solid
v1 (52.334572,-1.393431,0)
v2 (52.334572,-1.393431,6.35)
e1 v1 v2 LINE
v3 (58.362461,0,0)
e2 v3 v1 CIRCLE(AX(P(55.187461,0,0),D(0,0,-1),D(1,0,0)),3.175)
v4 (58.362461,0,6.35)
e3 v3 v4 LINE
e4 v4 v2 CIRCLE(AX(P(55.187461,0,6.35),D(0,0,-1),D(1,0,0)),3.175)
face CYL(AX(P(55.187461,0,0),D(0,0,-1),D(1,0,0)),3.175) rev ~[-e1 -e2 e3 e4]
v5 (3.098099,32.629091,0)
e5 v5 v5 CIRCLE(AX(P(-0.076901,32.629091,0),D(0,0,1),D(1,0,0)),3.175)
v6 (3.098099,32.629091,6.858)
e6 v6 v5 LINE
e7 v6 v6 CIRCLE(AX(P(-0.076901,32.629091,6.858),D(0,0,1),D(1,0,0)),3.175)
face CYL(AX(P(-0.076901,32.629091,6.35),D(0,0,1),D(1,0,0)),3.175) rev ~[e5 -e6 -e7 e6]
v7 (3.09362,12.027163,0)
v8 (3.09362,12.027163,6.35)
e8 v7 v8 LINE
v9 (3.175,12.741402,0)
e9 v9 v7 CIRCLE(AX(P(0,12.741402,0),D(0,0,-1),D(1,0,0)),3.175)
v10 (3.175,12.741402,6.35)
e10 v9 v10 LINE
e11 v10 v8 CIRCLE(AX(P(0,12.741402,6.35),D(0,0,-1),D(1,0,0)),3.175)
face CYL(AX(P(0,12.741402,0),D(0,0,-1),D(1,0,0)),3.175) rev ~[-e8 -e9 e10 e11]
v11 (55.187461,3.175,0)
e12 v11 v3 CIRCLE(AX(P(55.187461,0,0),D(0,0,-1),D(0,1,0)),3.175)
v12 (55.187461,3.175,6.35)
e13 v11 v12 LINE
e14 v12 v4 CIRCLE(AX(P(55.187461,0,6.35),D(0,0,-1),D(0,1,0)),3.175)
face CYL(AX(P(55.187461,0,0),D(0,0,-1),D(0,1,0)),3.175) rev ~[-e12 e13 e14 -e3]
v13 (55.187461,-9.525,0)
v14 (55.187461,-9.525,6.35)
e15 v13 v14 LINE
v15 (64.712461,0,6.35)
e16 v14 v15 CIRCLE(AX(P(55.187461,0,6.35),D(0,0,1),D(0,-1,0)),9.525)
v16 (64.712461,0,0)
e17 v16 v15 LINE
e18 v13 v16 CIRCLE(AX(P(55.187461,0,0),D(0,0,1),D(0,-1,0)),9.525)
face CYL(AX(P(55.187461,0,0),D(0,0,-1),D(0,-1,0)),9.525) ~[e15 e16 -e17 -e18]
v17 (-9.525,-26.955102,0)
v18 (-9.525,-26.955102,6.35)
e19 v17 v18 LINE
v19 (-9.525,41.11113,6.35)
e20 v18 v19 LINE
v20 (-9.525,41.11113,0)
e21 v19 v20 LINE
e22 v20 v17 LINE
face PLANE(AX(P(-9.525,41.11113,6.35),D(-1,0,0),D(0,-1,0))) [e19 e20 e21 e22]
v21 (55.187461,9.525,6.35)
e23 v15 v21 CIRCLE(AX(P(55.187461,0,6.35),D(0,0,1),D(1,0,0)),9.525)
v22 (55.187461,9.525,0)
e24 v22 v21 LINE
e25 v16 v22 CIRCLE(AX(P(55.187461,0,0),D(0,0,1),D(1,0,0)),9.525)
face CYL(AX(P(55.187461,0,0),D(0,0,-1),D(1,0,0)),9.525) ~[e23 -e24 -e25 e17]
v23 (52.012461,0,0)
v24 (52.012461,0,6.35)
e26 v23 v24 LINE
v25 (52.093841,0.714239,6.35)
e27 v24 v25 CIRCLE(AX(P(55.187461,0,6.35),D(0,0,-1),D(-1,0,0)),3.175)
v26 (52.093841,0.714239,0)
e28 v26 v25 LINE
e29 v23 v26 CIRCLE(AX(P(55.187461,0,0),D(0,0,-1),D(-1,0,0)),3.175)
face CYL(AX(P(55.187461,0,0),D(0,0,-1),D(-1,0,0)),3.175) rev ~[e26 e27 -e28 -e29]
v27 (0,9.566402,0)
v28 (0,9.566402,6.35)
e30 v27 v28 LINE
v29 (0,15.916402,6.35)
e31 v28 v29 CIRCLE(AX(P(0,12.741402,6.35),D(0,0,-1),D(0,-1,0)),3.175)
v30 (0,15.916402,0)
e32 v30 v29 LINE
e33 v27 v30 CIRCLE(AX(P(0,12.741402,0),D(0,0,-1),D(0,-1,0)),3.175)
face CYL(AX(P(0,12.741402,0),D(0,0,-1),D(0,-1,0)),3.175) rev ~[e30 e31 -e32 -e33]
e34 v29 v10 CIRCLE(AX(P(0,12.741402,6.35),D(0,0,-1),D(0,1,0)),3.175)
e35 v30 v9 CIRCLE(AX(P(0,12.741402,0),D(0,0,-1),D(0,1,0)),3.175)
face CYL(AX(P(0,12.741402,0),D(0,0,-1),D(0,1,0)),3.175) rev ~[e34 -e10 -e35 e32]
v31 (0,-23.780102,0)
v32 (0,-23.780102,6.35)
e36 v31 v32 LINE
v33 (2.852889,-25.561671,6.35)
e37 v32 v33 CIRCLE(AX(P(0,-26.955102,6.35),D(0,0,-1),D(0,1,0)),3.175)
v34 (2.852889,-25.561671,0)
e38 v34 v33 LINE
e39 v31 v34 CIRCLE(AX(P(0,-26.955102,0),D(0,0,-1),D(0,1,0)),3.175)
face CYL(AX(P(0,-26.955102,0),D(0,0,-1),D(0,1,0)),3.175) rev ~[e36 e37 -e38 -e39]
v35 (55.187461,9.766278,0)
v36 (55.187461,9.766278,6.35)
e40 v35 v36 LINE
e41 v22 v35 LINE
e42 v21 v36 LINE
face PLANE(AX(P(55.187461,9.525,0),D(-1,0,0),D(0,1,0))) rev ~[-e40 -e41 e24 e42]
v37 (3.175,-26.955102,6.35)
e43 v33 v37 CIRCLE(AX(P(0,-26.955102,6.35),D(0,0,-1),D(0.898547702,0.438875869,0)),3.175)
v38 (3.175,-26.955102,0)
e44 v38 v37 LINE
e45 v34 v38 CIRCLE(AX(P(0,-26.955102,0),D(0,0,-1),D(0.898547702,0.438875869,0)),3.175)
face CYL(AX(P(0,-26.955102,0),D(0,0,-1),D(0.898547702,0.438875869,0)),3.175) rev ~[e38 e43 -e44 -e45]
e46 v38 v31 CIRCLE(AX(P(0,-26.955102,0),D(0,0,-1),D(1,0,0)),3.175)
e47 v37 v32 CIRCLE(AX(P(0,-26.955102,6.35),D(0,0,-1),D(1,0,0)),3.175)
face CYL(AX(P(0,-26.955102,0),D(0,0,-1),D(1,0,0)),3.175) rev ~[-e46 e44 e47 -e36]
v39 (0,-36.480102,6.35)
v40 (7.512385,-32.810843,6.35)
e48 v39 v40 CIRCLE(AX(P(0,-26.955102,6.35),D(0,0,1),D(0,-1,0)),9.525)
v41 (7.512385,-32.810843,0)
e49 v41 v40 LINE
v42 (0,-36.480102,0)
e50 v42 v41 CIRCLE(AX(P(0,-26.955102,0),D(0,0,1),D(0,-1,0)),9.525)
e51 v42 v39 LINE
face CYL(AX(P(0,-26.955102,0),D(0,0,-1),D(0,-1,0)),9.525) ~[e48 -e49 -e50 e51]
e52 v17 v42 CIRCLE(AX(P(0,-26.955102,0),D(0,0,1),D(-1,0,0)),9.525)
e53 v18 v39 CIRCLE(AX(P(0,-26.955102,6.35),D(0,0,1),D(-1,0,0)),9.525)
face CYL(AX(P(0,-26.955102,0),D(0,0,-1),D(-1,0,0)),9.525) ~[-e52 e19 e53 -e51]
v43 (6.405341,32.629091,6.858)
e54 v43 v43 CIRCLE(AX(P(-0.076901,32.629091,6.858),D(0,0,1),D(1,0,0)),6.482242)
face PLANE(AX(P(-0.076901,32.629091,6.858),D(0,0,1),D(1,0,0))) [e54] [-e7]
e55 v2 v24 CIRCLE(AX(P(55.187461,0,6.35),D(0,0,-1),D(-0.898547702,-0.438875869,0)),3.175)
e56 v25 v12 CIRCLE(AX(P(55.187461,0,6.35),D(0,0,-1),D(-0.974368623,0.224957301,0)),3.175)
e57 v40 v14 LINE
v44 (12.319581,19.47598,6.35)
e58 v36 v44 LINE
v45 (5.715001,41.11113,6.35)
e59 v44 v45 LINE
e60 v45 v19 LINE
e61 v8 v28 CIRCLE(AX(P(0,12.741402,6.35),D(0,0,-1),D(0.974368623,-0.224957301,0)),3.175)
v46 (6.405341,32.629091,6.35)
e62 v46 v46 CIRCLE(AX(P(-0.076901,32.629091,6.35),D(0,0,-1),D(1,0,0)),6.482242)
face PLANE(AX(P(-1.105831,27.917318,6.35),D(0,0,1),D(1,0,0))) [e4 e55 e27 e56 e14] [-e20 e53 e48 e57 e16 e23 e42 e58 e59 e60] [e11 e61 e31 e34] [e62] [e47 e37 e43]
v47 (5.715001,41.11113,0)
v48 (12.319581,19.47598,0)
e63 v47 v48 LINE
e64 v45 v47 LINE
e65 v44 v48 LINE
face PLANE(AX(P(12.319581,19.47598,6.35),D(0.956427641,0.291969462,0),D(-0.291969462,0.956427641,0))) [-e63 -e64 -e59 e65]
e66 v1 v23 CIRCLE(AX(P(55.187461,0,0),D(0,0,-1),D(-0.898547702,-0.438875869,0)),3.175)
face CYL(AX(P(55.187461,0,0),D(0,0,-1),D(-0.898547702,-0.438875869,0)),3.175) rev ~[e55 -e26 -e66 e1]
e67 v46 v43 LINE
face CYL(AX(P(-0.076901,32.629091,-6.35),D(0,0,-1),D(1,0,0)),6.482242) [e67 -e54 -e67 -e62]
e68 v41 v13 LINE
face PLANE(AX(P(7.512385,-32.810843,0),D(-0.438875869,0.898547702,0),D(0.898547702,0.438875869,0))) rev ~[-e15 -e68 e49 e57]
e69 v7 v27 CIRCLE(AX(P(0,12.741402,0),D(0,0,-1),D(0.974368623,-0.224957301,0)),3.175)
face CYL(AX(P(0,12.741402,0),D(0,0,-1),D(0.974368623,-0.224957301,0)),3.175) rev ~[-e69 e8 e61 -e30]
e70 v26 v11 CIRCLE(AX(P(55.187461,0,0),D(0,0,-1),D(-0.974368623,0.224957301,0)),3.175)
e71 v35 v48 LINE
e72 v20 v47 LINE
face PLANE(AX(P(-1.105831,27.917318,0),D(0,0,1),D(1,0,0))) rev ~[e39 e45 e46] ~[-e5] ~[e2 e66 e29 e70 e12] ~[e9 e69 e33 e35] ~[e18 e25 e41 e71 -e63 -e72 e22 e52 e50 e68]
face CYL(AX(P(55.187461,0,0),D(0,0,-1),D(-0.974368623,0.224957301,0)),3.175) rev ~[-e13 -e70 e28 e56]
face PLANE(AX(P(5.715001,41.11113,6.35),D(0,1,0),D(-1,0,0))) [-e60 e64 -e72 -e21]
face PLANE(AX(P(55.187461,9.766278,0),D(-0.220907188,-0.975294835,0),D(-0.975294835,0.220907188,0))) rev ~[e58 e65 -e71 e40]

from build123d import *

# Parameters (mm, degrees)
F1_DEPTH = 6.35
F2_R     = 3.175
F3_DEPTH = 12.7
F4_R     = 6.4822420389
F5_DEPTH = 6.35
F6_DEPTH = 19.558
F7_DEPTH = 6.35
F8_R     = 6.4822420389
F8_R_2   = 3.175
F9_DEPTH = 6.35


with BuildPart() as f1:
    # F0 (on Top) → F1 (new body)
    with BuildSketch(Plane.XY):
        with BuildLine():
            Line((0, -17.430102046), (0, 0))
            Line((0, 0), (0, 3.216402))
            ThreePointArc((0, 3.216402), (-6.7351920908, 6.0062099092), (-9.525, 12.741402))
            Line((-9.525, 12.741402), (-9.525, -26.955102046))
            ThreePointArc((-9.525, -26.955102046), (-6.7351920908, -20.2199099552), (0, -17.430102046))
        make_face()
        with BuildLine():
            ThreePointArc((-9.525, 12.741402), (-6.7351920908, 6.0062099092), (0, 3.216402))
            Line((0, 3.216402), (0, 9.566402))
            ThreePointArc((0, 9.566402), (-3.175, 12.741402), (0, 15.916402))
            Line((0, 15.916402), (0, 22.266402))
            ThreePointArc((0, 22.266402), (-6.7351920908, 19.4765940908), (-9.525, 12.741402))
        make_face()
        with BuildLine():
            Line((0, -23.780102046), (0, -17.430102046))
            ThreePointArc((0, -17.430102046), (-6.7351920908, -20.2199099552), (-9.525, -26.955102046))
            ThreePointArc((-9.525, -26.955102046), (-6.7351920908, -33.6902941368), (0, -36.480102046))
            Line((0, -36.480102046), (7.5123847033, -32.8108429103))
            ThreePointArc((7.5123847033, -32.8108429103), (9.007804652, -30.0510801387), (9.525, -26.955102046))
            ThreePointArc((9.525, -26.955102046), (9.2802728088, -24.809837122), (8.5586668568, -22.7748093967))
            Line((8.5586668568, -22.7748093967), (2.8528889523, -25.5616711629))
            ThreePointArc((2.8528889523, -25.5616711629), (3.0934242696, -26.240013738), (3.175, -26.955102046))
            ThreePointArc((3.175, -26.955102046), (-2.2450640303, -29.2001660763), (0, -23.780102046))
        make_face()
        with BuildLine():
            ThreePointArc((9.525, 12.741402), (9.463768469, 11.6631110537), (9.2808611307, 10.5986837096))
            Line((9.2808611307, 10.5986837096), (45.9066000969, 2.1427182904))
            ThreePointArc((45.9066000969, 2.1427182904), (49.2580332078, 7.4543617002), (55.1874612276, 9.525))
            Line((55.1874612276, 9.525), (55.1874612276, 9.7662775009))
            Line((55.1874612276, 9.7662775009), (4.1043156247, 21.3367622748))
            ThreePointArc((4.1043156247, 21.3367622748), (8.0566503997, 17.8223477129), (9.525, 12.741402))
        make_face()
        with BuildLine():
            Line((3.0936203769, 12.0271625699), (9.2808611307, 10.5986837096))
            ThreePointArc((9.2808611307, 10.5986837096), (9.463768469, 11.6631110537), (9.525, 12.741402))
            ThreePointArc((9.525, 12.741402), (8.0566503997, 17.8223477129), (4.1043156247, 21.3367622748))
            Line((4.1043156247, 21.3367622748), (0, 22.266402))
            Line((0, 22.266402), (0, 15.916402))
            ThreePointArc((0, 15.916402), (2.2450640303, 14.9864660303), (3.175, 12.741402))
            ThreePointArc((3.175, 12.741402), (3.1545894897, 12.3819716846), (3.0936203769, 12.0271625699))
        make_face()
        with BuildLine():
            ThreePointArc((55.1874612276, 9.525), (49.2580332078, 7.4543617002), (45.9066000969, 2.1427182904))
            Line((45.9066000969, 2.1427182904), (52.0938408507, 0.7142394301))
            ThreePointArc((52.0938408507, 0.7142394301), (53.210985221, 2.4847872334), (55.1874612276, 3.175))
            Line((55.1874612276, 3.175), (55.1874612276, 9.525))
        make_face()
        with BuildLine():
            ThreePointArc((55.1874612276, -9.525), (50.1422487685, -8.0790752096), (46.6287943708, -4.1802926493))
            Line((46.6287943708, -4.1802926493), (8.5586668568, -22.7748093967))
            ThreePointArc((8.5586668568, -22.7748093967), (9.2802728088, -24.809837122), (9.525, -26.955102046))
            ThreePointArc((9.525, -26.955102046), (9.007804652, -30.0510801387), (7.5123847033, -32.8108429103))
            Line((7.5123847033, -32.8108429103), (55.1874612276, -9.525))
        make_face()
        with BuildLine():
            Line((52.3345722753, -1.3934308831), (46.6287943708, -4.1802926493))
            ThreePointArc((46.6287943708, -4.1802926493), (50.1422487685, -8.0790752096), (55.1874612276, -9.525))
            ThreePointArc((55.1874612276, -9.525), (61.9226533184, -6.7351920908), (64.7124612276, 0))
            ThreePointArc((64.7124612276, 0), (61.9226533184, 6.7351920908), (55.1874612276, 9.525))
            Line((55.1874612276, 9.525), (55.1874612276, 3.175))
            ThreePointArc((55.1874612276, 3.175), (57.4325252579, 2.2450640303), (58.3624612276, 0))
            ThreePointArc((58.3624612276, 0), (55.9025495356, -3.0934242696), (52.3345722753, -1.3934308831))
        make_face()
        with BuildLine():
            ThreePointArc((4.1043156247, 21.3367622748), (2.1041409628, 22.0310852997), (0, 22.266402))
            Line((0, 22.266402), (4.1043156247, 21.3367622748))
        make_face()
        with BuildLine():
            Line((7.5123847033, -32.8108429103), (0, -36.480102046))
            ThreePointArc((0, -36.480102046), (4.1802926493, -35.5137689028), (7.5123847033, -32.8108429103))
        make_face()
        with BuildLine():
            Line((0, 3.216402), (0, 0))
            Line((0, 0), (45.6624612276, 0))
            ThreePointArc((45.6624612276, 0), (45.7236927586, 1.0782909463), (45.9066000969, 2.1427182904))
            Line((45.9066000969, 2.1427182904), (9.2808611307, 10.5986837096))
            ThreePointArc((9.2808611307, 10.5986837096), (5.9294280198, 5.2870402998), (0, 3.216402))
        make_face()
        with BuildLine():
            Line((0, 9.566402), (0, 3.216402))
            ThreePointArc((0, 3.216402), (5.9294280198, 5.2870402998), (9.2808611307, 10.5986837096))
            Line((9.2808611307, 10.5986837096), (3.0936203769, 12.0271625699))
            ThreePointArc((3.0936203769, 12.0271625699), (1.9764760066, 10.2566147666), (0, 9.566402))
        make_face()
        with BuildLine():
            Line((45.6624612276, 0), (0, 0))
            Line((0, 0), (0, -17.430102046))
            ThreePointArc((0, -17.430102046), (5.0452124591, -18.8760268364), (8.5586668568, -22.7748093967))
            Line((8.5586668568, -22.7748093967), (46.6287943708, -4.1802926493))
            ThreePointArc((46.6287943708, -4.1802926493), (45.9071884188, -2.145264924), (45.6624612276, 0))
        make_face()
        with BuildLine():
            ThreePointArc((8.5586668568, -22.7748093967), (5.0452124591, -18.8760268364), (0, -17.430102046))
            Line((0, -17.430102046), (0, -23.780102046))
            ThreePointArc((0, -23.780102046), (1.6817374864, -24.2620769761), (2.8528889523, -25.5616711629))
            Line((2.8528889523, -25.5616711629), (8.5586668568, -22.7748093967))
        make_face()
        with BuildLine():
            Line((52.0124612276, 0), (45.6624612276, 0))
            ThreePointArc((45.6624612276, 0), (45.9071884188, -2.145264924), (46.6287943708, -4.1802926493))
            Line((46.6287943708, -4.1802926493), (52.3345722753, -1.3934308831))
            ThreePointArc((52.3345722753, -1.3934308831), (52.094036958, -0.715088308), (52.0124612276, 0))
        make_face()
        with BuildLine():
            ThreePointArc((45.9066000969, 2.1427182904), (45.7236927586, 1.0782909463), (45.6624612276, 0))
            Line((45.6624612276, 0), (52.0124612276, 0))
            ThreePointArc((52.0124612276, 0), (52.0328717379, 0.3594303154), (52.0938408507, 0.7142394301))
            Line((52.0938408507, 0.7142394301), (45.9066000969, 2.1427182904))
        make_face()
    extrude(amount=F1_DEPTH)

    # F2 (on face) → F3 (join)
    with BuildSketch(Plane.XY.offset(6.35)):
        with BuildLine():
            Line((-9.525, 41.1111302674), (-9.525, 12.741402))
            ThreePointArc((-9.525, 12.741402), (-5.0809457129, 20.7980523997), (4.1043156247, 21.3367622748))
            Line((4.1043156247, 21.3367622748), (12.3195811982, 19.4759801301))
            Line((12.3195811982, 19.4759801301), (5.7150009088, 41.1111302674))
            Line((5.7150009088, 41.1111302674), (-9.525, 41.1111302674))
        make_face()
        with Locations((-0.0769013266, 32.6290909023)):
            Circle(F2_R, mode=Mode.SUBTRACT)
    extrude(amount=-F3_DEPTH)

    # F4 (on face) → F5 (cut)
    with BuildSketch(Plane(origin=(0, 0, -6.35), x_dir=(1, 0, 0), z_dir=(0, 0, -1))):
        with BuildLine():
            Line((-9.525, -41.1111302674), (5.7150009088, -41.1111302674))
            Line((5.7150009088, -41.1111302674), (12.3195811982, -19.4759801301))
            Line((12.3195811982, -19.4759801301), (4.1043156247, -21.3367622748))
            ThreePointArc((4.1043156247, -21.3367622748), (-5.0809457129, -20.7980523997), (-9.525, -12.741402))
            Line((-9.525, -12.741402), (-9.525, -41.1111302674))
        make_face()
        with Locations((-0.0769013266, -32.6290909023)):
            Circle(F4_R, mode=Mode.SUBTRACT)
    extrude(amount=-F5_DEPTH, mode=Mode.SUBTRACT)

    # F6 (add): a face of the model
    f6_faces = [f1.faces().sort_by_distance(p)[0] for p in [
        (-6.3757978733, 32.6290909023, -6.35),
    ]]
    extrude(f6_faces, amount=-F6_DEPTH)

    # F7 (cut): a face of the model
    f7_faces = [f1.faces().sort_by_distance(p)[0] for p in [
        (-6.3757978733, 32.6290909023, -6.35),
    ]]
    extrude(f7_faces, amount=-F7_DEPTH, mode=Mode.SUBTRACT)

    # F8 (on face) → F9 (cut)
    with BuildSketch(Plane.XY.offset(13.208)):
        with Locations((-0.0769013266, 32.6290909023)):
            Circle(F8_R)
        with Locations((-0.0769013266, 32.6290909023)):
            Circle(F8_R_2, mode=Mode.SUBTRACT)
    extrude(amount=-F9_DEPTH, mode=Mode.SUBTRACT)


solid = f1.part
